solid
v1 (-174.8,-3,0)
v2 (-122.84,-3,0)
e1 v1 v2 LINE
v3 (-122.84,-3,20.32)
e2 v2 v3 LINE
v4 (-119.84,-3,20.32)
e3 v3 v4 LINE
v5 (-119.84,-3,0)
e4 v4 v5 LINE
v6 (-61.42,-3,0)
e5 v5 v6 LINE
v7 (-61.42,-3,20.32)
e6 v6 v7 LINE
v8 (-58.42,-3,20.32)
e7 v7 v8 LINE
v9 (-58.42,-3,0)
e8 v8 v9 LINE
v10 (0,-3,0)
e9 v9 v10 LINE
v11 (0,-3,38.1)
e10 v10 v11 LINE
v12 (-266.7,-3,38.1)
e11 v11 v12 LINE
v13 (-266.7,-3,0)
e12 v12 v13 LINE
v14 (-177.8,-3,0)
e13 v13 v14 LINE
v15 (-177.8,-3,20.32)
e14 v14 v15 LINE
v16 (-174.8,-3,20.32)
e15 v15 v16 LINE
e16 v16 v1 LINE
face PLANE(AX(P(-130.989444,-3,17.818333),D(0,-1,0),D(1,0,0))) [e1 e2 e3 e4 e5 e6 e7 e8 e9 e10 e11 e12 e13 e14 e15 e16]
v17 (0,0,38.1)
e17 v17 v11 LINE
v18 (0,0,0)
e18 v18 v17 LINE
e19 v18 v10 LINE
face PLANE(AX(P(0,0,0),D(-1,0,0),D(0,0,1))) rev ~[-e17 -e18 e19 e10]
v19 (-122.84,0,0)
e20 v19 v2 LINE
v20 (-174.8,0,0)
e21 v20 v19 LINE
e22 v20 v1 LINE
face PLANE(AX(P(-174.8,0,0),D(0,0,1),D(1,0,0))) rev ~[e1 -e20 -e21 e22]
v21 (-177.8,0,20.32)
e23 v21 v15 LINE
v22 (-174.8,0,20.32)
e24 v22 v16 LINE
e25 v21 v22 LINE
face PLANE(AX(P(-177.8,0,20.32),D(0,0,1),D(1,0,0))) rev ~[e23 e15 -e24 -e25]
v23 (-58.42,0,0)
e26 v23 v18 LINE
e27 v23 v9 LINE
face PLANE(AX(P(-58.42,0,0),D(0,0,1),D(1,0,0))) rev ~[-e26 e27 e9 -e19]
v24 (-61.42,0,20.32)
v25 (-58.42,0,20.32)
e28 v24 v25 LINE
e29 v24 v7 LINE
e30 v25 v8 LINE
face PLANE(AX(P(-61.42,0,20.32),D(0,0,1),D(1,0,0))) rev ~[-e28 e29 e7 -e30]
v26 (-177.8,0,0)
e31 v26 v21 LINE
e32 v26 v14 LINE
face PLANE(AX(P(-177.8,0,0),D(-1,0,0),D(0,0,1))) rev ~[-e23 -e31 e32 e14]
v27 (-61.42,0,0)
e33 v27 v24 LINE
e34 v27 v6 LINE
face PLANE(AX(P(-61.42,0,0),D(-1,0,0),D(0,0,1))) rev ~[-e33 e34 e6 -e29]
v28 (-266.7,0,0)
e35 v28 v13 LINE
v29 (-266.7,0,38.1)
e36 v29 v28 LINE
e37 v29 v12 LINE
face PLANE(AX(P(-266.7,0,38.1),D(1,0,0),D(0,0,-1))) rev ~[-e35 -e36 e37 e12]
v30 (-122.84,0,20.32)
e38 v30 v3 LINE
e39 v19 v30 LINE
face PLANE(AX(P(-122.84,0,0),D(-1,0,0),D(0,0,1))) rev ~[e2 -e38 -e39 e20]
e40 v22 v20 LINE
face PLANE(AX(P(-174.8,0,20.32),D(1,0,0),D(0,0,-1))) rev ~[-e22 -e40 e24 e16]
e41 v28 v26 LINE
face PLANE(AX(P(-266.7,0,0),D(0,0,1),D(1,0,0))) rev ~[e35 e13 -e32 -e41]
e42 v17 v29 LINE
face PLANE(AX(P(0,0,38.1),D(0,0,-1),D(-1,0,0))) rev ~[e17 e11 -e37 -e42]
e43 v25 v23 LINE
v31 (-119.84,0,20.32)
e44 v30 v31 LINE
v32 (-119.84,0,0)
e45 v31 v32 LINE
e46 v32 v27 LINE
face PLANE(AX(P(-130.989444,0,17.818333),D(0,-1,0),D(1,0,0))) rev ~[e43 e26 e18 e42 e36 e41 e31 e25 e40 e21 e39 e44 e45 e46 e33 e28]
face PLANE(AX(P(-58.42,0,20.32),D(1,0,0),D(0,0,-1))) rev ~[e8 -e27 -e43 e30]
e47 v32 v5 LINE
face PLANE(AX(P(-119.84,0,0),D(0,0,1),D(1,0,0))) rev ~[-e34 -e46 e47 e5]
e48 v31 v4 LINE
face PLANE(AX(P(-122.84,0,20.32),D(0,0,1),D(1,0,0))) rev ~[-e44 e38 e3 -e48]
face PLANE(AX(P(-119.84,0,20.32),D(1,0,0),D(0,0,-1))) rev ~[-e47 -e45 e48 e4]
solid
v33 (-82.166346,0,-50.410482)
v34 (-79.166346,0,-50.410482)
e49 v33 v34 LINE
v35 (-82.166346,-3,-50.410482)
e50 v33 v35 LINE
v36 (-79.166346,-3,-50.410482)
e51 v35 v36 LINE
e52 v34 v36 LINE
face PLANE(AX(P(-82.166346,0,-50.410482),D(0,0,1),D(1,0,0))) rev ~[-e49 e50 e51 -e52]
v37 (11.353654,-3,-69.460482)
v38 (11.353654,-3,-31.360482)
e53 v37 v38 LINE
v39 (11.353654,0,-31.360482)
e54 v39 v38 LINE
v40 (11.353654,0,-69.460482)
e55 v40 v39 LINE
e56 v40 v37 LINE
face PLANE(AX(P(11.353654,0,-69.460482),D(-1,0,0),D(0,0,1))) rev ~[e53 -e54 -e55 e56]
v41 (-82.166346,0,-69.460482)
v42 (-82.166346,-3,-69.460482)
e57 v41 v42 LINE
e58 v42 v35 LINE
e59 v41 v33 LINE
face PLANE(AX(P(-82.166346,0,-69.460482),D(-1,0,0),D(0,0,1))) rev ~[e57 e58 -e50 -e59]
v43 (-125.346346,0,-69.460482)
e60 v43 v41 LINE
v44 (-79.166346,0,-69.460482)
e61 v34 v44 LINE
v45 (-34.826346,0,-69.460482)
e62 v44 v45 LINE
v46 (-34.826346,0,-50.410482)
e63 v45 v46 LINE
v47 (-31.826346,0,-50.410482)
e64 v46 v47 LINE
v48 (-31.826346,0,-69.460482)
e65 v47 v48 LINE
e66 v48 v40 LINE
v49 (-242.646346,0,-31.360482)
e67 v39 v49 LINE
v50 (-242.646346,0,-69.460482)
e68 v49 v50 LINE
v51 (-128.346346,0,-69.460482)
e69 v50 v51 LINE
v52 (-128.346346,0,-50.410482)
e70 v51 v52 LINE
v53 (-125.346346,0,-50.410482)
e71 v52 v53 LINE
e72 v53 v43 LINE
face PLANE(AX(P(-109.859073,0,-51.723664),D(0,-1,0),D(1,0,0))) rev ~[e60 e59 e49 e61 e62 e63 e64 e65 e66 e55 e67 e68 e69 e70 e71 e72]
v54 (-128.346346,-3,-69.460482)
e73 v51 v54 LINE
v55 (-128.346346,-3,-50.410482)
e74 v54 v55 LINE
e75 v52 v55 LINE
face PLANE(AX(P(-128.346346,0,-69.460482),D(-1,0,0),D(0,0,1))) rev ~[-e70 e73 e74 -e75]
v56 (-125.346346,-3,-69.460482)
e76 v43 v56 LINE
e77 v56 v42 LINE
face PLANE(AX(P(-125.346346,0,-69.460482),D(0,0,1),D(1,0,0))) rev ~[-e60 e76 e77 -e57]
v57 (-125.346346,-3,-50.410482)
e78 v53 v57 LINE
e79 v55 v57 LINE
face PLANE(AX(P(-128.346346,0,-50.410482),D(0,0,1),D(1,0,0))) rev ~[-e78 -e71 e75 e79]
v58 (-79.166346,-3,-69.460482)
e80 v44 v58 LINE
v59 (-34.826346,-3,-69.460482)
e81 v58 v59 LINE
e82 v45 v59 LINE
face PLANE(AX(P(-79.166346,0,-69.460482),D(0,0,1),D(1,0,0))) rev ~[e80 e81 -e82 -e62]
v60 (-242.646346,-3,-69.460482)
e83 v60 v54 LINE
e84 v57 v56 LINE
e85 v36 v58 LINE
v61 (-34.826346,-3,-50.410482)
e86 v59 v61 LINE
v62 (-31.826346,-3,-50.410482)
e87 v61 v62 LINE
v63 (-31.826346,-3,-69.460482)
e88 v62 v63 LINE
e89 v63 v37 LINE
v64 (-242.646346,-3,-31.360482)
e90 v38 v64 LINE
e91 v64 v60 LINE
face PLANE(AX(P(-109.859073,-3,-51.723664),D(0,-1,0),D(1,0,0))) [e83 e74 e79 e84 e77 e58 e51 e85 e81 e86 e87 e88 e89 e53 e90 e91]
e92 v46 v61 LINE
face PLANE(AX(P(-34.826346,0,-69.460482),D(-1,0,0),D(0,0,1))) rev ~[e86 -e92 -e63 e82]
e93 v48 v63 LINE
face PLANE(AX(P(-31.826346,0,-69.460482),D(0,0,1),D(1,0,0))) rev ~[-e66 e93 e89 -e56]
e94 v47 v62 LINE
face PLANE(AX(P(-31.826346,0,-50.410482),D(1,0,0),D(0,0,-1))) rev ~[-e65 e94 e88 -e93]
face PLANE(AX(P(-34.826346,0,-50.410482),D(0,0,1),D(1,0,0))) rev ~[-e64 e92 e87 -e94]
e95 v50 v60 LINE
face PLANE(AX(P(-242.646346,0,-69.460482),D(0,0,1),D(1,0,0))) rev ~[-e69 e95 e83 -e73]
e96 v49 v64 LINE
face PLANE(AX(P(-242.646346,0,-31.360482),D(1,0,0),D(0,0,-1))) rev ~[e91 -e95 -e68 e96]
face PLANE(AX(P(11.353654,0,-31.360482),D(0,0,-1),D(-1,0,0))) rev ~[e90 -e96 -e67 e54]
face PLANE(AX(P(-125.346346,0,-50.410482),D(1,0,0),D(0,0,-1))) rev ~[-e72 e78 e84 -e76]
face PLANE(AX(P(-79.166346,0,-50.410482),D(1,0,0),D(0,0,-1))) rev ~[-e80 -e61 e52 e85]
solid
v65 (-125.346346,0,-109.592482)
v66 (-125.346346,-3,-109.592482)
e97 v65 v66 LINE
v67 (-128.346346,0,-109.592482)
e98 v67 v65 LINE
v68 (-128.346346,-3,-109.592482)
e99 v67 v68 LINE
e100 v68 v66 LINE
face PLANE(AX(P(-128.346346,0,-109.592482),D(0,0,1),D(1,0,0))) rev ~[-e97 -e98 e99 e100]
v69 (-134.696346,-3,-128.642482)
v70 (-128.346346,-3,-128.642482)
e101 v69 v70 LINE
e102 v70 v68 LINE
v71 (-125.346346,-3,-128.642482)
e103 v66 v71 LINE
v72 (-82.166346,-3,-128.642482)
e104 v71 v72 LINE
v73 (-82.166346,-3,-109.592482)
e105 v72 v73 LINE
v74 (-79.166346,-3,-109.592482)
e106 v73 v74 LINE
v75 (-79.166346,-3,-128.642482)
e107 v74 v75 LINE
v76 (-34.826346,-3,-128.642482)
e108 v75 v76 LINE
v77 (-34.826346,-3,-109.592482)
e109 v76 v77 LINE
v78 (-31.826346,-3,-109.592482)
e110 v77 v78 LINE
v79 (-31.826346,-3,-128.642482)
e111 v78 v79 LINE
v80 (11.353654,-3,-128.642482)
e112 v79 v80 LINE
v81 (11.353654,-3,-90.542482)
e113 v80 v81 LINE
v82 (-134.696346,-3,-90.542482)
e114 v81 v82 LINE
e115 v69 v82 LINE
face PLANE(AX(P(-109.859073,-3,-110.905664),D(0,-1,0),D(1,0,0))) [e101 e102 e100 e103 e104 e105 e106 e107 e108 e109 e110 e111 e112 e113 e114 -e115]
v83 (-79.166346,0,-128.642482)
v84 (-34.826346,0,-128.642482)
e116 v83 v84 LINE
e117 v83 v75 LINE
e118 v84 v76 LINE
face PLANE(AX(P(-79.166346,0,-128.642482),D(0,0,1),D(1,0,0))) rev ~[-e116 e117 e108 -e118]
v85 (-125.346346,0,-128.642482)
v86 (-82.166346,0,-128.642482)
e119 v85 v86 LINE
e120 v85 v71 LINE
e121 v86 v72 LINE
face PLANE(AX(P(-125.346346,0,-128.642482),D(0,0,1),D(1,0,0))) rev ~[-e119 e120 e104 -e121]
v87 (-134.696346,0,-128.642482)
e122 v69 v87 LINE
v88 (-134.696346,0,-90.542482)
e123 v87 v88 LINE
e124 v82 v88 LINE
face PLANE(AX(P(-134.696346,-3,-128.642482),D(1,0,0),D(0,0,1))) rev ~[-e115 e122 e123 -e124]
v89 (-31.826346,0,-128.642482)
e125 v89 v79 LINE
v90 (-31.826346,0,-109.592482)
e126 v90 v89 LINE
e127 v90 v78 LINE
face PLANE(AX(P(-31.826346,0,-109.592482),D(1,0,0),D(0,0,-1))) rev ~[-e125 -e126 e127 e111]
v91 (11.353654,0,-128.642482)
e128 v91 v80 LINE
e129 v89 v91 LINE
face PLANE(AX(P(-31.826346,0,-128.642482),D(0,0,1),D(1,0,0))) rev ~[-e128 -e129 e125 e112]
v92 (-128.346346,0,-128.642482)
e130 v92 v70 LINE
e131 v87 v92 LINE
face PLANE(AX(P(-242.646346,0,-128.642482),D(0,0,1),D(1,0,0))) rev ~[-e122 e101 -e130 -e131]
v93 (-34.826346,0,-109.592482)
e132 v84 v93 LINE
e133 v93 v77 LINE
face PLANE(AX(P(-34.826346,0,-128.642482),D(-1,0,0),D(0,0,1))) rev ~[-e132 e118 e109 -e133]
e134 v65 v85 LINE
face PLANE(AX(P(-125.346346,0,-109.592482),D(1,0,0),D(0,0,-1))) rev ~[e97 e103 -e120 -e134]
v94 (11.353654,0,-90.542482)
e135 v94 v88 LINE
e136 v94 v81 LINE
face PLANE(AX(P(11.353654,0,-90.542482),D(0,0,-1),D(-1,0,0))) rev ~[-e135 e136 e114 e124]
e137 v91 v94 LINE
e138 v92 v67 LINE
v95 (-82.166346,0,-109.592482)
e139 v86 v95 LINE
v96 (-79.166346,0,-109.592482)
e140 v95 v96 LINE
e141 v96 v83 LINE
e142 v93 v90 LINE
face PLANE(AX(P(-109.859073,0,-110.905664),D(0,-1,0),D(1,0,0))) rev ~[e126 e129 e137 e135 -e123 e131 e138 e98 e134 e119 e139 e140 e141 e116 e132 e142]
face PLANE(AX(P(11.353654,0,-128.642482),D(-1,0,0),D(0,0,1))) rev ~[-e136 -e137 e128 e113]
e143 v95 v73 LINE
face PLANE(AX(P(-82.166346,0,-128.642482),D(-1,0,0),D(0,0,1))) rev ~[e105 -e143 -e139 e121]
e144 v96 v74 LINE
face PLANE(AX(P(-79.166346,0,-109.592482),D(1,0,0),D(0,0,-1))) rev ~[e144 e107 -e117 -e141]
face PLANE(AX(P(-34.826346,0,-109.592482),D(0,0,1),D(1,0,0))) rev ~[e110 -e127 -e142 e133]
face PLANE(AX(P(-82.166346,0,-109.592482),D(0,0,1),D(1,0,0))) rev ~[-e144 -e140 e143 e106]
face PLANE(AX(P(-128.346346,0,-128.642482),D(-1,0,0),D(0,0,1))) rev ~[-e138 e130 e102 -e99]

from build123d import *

# Parameters (mm, degrees)
F1_DEPTH = 3
F3_DEPTH = 3
F5_W     = 107.95
F5_H     = 38.1
F6_DEPTH = 25.4


with BuildPart() as f1:
    # F0 (on Front) → F1 (new body)
    with BuildSketch(Plane.XZ):
        Polygon((-58.42, 0), (0, 0), (0, 38.1), (-266.7, 38.1), (-266.7, 0), (-177.8, 0), (-177.8, 20.32), (-174.8, 20.32), (-174.8, 0), (-122.84, 0), (-122.84, 20.32), (-119.84, 20.32), (-119.84, 0), (-61.42, 0), (-61.42, 20.32), (-58.42, 20.32), align=None)
    extrude(amount=F1_DEPTH)


with BuildPart() as f3:
    # F2 (on Front) → F3 (new body)
    with BuildSketch(Plane.XZ):
        Polygon((11.3536544591, -31.3604824736), (-242.6463455409, -31.3604824736), (-242.6463455409, -69.4604824736), (-128.3463455409, -69.4604824736), (-128.3463455409, -50.4104824736), (-125.3463455409, -50.4104824736), (-125.3463455409, -69.4604824736), (-82.1663455409, -69.4604824736), (-82.1663455409, -50.4104824736), (-79.1663455409, -50.4104824736), (-79.1663455409, -69.4604824736), (-34.8263455409, -69.4604824736), (-34.8263455409, -50.4104824736), (-31.8263455409, -50.4104824736), (-31.8263455409, -69.4604824736), (11.3536544591, -69.4604824736), align=None)
    extrude(amount=F3_DEPTH)


with BuildPart() as f4_1:
    # F4: copy of F3
    add(f3.part.moved(Location((0, 0, -59.182))))

    # F5 (on face) → F6 (cut)
    with BuildSketch(Plane.XZ.offset(3)):
        with Locations((-188.6713455409, -109.5924824736)):
            Rectangle(F5_W, F5_H)
    extrude(amount=-F6_DEPTH, mode=Mode.SUBTRACT)


solid = Compound([f1.part, f3.part, f4_1.part])
